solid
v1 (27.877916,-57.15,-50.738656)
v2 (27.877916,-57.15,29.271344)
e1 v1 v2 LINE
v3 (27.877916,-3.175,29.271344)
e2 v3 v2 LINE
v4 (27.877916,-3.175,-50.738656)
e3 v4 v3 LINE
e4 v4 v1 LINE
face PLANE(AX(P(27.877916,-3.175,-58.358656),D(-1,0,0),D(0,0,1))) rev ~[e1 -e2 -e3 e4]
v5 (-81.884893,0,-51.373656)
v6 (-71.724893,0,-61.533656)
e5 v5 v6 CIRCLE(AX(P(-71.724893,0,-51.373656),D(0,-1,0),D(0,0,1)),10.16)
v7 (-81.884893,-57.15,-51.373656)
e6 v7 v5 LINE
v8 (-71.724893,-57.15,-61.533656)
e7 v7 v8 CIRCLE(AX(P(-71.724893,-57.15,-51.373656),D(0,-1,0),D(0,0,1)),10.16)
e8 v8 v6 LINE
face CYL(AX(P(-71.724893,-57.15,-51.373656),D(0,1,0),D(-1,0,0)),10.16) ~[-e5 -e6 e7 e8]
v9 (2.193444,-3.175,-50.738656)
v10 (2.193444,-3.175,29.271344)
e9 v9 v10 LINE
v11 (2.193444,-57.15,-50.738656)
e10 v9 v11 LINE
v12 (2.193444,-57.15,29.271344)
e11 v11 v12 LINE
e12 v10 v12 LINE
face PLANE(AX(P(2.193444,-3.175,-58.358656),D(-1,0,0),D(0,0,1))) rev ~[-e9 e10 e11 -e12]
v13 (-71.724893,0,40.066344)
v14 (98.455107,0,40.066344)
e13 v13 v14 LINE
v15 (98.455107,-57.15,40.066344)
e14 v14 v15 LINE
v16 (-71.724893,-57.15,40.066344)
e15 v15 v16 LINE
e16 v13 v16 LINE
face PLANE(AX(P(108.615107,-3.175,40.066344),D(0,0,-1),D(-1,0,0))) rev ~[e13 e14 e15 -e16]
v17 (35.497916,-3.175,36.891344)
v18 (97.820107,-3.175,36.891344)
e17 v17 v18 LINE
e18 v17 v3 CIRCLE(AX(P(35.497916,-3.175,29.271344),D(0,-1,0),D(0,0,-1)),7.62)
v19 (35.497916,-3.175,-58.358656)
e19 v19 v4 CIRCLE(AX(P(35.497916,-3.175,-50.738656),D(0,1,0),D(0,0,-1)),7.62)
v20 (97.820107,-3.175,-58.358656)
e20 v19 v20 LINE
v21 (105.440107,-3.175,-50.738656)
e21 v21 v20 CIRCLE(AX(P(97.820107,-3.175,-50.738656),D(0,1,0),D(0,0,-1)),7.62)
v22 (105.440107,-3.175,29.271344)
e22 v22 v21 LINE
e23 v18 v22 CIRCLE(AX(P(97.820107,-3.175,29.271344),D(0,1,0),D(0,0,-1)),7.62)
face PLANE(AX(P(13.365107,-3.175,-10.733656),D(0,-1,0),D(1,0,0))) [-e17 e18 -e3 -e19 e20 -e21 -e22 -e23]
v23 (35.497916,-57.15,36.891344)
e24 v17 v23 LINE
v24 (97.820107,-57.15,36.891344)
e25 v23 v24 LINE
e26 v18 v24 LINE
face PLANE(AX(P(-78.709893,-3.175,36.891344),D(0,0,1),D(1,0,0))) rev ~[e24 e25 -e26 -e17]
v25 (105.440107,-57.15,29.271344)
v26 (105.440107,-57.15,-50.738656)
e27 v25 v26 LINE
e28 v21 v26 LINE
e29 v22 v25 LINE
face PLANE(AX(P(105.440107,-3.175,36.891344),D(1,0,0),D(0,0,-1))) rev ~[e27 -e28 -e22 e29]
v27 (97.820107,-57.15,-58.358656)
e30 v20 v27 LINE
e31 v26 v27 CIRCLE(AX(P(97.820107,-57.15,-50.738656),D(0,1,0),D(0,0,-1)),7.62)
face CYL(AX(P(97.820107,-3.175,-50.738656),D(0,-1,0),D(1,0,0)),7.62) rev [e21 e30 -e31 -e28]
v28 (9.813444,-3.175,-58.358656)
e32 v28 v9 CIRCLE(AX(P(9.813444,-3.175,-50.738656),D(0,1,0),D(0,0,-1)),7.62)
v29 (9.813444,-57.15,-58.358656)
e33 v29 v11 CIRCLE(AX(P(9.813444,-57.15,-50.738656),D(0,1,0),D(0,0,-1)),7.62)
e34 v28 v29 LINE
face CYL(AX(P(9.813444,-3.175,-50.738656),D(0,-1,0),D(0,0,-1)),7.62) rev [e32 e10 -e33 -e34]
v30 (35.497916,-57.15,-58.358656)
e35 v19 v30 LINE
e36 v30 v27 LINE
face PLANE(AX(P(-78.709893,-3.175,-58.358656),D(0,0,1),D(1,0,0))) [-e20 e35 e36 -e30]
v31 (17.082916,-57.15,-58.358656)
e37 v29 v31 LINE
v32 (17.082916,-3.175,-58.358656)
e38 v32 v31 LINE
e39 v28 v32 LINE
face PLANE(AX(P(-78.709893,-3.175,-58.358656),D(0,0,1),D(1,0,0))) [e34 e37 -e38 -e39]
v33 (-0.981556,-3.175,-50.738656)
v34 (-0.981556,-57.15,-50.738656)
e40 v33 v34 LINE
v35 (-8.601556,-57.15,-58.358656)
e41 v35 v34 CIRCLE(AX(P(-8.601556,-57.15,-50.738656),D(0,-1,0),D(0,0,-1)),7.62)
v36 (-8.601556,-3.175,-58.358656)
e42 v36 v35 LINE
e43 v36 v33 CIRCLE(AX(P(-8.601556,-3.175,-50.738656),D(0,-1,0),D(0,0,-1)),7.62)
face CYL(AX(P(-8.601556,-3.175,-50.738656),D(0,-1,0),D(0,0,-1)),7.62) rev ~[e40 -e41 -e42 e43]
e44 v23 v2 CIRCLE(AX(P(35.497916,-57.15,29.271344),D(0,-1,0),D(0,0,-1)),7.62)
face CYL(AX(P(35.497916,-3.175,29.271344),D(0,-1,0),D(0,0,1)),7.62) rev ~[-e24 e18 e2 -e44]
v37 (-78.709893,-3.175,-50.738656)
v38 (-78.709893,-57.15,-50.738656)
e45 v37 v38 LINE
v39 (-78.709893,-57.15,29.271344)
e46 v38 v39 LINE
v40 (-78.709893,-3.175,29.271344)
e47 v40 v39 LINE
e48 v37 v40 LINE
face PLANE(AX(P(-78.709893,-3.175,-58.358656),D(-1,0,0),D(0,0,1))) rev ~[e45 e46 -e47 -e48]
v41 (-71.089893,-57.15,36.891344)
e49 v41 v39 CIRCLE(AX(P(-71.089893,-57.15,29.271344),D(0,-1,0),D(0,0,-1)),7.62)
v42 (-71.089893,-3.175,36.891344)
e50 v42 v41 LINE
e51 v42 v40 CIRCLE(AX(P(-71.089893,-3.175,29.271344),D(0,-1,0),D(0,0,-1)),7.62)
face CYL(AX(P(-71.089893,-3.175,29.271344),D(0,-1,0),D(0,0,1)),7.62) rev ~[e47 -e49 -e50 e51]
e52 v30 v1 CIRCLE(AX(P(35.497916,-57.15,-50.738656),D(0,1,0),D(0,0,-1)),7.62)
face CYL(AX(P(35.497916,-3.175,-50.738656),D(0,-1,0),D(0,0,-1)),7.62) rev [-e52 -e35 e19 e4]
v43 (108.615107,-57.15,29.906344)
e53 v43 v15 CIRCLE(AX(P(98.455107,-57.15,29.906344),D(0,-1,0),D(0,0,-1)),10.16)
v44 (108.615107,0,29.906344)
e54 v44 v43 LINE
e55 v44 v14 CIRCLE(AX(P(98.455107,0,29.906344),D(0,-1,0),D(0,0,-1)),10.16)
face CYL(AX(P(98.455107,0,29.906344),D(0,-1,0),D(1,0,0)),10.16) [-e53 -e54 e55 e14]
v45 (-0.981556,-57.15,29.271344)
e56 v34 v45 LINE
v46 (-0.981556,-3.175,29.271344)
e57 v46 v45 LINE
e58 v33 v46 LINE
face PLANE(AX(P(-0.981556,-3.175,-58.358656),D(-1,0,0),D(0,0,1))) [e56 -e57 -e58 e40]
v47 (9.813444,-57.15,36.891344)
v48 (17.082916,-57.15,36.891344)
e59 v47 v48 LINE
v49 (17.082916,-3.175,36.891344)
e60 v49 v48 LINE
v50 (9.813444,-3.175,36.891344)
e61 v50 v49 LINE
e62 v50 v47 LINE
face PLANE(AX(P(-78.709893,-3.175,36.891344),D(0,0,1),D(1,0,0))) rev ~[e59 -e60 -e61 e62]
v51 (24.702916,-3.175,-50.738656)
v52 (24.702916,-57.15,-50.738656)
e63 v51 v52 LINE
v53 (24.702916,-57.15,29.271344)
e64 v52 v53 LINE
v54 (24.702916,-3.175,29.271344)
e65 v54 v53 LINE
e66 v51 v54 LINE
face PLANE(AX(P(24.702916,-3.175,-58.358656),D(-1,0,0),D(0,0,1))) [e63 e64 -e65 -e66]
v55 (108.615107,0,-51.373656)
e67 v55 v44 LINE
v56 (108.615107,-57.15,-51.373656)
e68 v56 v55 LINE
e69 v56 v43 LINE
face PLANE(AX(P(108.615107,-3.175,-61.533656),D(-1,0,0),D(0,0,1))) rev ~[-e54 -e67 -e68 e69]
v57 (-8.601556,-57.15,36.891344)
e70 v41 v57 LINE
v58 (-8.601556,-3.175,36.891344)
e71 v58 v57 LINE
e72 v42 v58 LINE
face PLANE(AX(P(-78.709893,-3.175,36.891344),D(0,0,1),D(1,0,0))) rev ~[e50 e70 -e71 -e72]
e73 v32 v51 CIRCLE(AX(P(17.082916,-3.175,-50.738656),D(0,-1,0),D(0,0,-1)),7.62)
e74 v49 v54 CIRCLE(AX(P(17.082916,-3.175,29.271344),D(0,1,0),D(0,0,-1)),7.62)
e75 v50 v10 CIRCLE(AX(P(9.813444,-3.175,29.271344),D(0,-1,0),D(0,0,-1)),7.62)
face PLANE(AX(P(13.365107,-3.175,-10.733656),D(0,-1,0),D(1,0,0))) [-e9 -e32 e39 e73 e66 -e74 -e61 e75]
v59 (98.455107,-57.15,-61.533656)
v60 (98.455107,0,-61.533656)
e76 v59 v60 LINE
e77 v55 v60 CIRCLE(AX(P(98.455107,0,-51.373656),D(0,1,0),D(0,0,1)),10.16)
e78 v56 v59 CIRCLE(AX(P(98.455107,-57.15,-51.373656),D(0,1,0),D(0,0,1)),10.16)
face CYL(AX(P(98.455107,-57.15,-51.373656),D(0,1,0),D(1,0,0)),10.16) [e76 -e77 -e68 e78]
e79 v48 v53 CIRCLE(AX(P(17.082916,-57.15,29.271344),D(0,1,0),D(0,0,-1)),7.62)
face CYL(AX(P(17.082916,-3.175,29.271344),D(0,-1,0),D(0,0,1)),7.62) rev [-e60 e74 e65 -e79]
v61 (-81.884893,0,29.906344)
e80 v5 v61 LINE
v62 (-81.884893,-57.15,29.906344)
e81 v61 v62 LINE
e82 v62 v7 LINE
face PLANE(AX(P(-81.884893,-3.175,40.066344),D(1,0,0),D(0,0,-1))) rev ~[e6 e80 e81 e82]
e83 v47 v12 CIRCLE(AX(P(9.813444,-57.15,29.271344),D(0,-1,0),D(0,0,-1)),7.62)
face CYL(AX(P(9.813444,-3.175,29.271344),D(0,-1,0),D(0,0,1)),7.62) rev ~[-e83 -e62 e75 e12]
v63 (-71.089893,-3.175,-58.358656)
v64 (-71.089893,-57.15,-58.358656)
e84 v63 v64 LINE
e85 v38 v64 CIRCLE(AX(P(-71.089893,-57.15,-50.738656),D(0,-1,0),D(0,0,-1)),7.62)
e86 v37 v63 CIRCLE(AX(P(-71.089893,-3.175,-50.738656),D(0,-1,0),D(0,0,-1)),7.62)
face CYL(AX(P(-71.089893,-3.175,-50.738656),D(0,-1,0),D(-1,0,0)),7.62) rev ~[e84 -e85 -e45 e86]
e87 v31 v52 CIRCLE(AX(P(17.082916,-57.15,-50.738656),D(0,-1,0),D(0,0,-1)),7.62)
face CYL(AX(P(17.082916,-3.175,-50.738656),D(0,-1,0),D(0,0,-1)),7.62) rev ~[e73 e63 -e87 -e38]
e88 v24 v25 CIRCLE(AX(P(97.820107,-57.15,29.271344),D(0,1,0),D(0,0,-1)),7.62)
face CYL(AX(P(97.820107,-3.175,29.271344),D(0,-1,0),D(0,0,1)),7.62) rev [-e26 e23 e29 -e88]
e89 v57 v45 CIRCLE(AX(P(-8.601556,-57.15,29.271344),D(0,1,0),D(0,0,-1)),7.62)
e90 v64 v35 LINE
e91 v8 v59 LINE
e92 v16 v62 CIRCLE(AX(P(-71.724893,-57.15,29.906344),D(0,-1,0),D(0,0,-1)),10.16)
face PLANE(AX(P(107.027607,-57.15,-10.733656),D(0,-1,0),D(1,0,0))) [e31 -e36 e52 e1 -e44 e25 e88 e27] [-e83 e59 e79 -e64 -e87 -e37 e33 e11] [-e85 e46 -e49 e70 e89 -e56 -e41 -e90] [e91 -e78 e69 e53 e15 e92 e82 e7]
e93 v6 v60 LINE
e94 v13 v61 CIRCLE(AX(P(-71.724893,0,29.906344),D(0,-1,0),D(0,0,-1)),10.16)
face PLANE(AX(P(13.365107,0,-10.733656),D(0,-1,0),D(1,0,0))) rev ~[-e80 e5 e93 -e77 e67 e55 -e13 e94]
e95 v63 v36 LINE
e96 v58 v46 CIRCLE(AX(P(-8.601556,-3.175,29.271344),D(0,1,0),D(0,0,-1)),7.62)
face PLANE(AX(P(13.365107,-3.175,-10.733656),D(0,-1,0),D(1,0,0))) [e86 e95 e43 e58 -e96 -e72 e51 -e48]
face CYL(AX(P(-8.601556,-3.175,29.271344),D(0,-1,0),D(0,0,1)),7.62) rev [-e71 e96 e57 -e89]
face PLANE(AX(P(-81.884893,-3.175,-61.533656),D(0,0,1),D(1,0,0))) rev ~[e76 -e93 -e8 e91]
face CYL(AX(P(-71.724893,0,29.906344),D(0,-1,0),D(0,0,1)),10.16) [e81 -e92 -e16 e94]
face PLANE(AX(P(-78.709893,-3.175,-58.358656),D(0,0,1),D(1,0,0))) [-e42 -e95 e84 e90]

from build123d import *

# Parameters (mm, degrees)
F0_W     = 190.5
F0_H     = 101.6
F1_DEPTH = 3.175
F2_W     = 184.15
F2_H     = 3.175
F3_DEPTH = 53.975
F4_W     = 3.175
F4_H     = 95.25
F5_DEPTH = 53.975
F6_R     = 7.62
F7_R     = 7.62
F8_W     = 3.175
F8_H     = 95.25
F9_DEPTH = 53.975
F10_R    = 7.62
F11_R    = 7.62
F12_R    = 10.16


with BuildPart() as f1:
    # F0 (on Front) → F1 (new body)
    with BuildSketch(Plane.XZ):
        with Locations((13.3651066571, -10.7336564614)):
            Rectangle(F0_W, F0_H)
    extrude(amount=F1_DEPTH)

    # F2 (on face) → F3 (join)
    with BuildSketch(Plane.XZ.offset(3.175)):
        Polygon((108.6151066571, -61.5336564614), (108.6151066571, 40.0663435386), (105.4401066571, 40.0663435386), (105.4401066571, 36.8913435386), (105.4401066571, -58.3586564614), (105.4401066571, -61.5336564614), align=None)
        with Locations((13.3651066571, 38.4788435386)):
            Rectangle(F2_W, F2_H)
        Polygon((-78.7098933429, 36.8913435386), (-78.7098933429, 40.0663435386), (-81.8848933429, 40.0663435386), (-81.8848933429, -61.5336564614), (-78.7098933429, -61.5336564614), (-78.7098933429, -58.3586564614), align=None)
        with Locations((13.3651066571, -59.9461564614)):
            Rectangle(F2_W, F2_H)
    extrude(amount=F3_DEPTH)

    # F4 (on face) → F5 (join)
    with BuildSketch(Plane.XZ.offset(3.175)):
        with Locations((0.60594371, -10.7336564614)):
            Rectangle(F4_W, F4_H)
    extrude(amount=F5_DEPTH)

    # F6
    f6_edges = [f1.edges().sort_by_distance(p)[0] for p in [
        (-0.981556, -30.1625, -58.358656),
        (2.193444, -30.1625, 36.891344),
        (2.193444, -30.1625, -58.358656),
        (-0.981556, -30.1625, 36.891344),
    ]]
    fillet(f6_edges, radius=F6_R)

    # F7
    f7_edges = [f1.edges().sort_by_distance(p)[0] for p in [
        (-78.709893, -30.1625, -58.358656),
        (-78.709893, -30.1625, 36.891344),
    ]]
    fillet(f7_edges, radius=F7_R)

    # F8 (on face) → F9 (join)
    with BuildSketch(Plane.XZ.offset(3.175)):
        with Locations((26.2904159218, -10.7336564614)):
            Rectangle(F8_W, F8_H)
    extrude(amount=F9_DEPTH)

    # F10
    f10_edges = [f1.edges().sort_by_distance(p)[0] for p in [
        (24.702916, -30.1625, -58.358656),
        (24.702916, -30.1625, 36.891344),
        (27.877916, -30.1625, 36.891344),
        (27.877916, -30.1625, -58.358656),
    ]]
    fillet(f10_edges, radius=F10_R)

    # F11
    f11_edges = [f1.edges().sort_by_distance(p)[0] for p in [
        (105.440107, -30.1625, 36.891344),
        (105.440107, -30.1625, -58.358656),
    ]]
    fillet(f11_edges, radius=F11_R)

    # F12
    f12_edges = [f1.edges().sort_by_distance(p)[0] for p in [
        (-81.884893, -28.575, -61.533656),
        (108.615107, -28.575, -61.533656),
        (108.615107, -28.575, 40.066344),
        (-81.884893, -28.575, 40.066344),
    ]]
    fillet(f12_edges, radius=F12_R)


solid = f1.part
